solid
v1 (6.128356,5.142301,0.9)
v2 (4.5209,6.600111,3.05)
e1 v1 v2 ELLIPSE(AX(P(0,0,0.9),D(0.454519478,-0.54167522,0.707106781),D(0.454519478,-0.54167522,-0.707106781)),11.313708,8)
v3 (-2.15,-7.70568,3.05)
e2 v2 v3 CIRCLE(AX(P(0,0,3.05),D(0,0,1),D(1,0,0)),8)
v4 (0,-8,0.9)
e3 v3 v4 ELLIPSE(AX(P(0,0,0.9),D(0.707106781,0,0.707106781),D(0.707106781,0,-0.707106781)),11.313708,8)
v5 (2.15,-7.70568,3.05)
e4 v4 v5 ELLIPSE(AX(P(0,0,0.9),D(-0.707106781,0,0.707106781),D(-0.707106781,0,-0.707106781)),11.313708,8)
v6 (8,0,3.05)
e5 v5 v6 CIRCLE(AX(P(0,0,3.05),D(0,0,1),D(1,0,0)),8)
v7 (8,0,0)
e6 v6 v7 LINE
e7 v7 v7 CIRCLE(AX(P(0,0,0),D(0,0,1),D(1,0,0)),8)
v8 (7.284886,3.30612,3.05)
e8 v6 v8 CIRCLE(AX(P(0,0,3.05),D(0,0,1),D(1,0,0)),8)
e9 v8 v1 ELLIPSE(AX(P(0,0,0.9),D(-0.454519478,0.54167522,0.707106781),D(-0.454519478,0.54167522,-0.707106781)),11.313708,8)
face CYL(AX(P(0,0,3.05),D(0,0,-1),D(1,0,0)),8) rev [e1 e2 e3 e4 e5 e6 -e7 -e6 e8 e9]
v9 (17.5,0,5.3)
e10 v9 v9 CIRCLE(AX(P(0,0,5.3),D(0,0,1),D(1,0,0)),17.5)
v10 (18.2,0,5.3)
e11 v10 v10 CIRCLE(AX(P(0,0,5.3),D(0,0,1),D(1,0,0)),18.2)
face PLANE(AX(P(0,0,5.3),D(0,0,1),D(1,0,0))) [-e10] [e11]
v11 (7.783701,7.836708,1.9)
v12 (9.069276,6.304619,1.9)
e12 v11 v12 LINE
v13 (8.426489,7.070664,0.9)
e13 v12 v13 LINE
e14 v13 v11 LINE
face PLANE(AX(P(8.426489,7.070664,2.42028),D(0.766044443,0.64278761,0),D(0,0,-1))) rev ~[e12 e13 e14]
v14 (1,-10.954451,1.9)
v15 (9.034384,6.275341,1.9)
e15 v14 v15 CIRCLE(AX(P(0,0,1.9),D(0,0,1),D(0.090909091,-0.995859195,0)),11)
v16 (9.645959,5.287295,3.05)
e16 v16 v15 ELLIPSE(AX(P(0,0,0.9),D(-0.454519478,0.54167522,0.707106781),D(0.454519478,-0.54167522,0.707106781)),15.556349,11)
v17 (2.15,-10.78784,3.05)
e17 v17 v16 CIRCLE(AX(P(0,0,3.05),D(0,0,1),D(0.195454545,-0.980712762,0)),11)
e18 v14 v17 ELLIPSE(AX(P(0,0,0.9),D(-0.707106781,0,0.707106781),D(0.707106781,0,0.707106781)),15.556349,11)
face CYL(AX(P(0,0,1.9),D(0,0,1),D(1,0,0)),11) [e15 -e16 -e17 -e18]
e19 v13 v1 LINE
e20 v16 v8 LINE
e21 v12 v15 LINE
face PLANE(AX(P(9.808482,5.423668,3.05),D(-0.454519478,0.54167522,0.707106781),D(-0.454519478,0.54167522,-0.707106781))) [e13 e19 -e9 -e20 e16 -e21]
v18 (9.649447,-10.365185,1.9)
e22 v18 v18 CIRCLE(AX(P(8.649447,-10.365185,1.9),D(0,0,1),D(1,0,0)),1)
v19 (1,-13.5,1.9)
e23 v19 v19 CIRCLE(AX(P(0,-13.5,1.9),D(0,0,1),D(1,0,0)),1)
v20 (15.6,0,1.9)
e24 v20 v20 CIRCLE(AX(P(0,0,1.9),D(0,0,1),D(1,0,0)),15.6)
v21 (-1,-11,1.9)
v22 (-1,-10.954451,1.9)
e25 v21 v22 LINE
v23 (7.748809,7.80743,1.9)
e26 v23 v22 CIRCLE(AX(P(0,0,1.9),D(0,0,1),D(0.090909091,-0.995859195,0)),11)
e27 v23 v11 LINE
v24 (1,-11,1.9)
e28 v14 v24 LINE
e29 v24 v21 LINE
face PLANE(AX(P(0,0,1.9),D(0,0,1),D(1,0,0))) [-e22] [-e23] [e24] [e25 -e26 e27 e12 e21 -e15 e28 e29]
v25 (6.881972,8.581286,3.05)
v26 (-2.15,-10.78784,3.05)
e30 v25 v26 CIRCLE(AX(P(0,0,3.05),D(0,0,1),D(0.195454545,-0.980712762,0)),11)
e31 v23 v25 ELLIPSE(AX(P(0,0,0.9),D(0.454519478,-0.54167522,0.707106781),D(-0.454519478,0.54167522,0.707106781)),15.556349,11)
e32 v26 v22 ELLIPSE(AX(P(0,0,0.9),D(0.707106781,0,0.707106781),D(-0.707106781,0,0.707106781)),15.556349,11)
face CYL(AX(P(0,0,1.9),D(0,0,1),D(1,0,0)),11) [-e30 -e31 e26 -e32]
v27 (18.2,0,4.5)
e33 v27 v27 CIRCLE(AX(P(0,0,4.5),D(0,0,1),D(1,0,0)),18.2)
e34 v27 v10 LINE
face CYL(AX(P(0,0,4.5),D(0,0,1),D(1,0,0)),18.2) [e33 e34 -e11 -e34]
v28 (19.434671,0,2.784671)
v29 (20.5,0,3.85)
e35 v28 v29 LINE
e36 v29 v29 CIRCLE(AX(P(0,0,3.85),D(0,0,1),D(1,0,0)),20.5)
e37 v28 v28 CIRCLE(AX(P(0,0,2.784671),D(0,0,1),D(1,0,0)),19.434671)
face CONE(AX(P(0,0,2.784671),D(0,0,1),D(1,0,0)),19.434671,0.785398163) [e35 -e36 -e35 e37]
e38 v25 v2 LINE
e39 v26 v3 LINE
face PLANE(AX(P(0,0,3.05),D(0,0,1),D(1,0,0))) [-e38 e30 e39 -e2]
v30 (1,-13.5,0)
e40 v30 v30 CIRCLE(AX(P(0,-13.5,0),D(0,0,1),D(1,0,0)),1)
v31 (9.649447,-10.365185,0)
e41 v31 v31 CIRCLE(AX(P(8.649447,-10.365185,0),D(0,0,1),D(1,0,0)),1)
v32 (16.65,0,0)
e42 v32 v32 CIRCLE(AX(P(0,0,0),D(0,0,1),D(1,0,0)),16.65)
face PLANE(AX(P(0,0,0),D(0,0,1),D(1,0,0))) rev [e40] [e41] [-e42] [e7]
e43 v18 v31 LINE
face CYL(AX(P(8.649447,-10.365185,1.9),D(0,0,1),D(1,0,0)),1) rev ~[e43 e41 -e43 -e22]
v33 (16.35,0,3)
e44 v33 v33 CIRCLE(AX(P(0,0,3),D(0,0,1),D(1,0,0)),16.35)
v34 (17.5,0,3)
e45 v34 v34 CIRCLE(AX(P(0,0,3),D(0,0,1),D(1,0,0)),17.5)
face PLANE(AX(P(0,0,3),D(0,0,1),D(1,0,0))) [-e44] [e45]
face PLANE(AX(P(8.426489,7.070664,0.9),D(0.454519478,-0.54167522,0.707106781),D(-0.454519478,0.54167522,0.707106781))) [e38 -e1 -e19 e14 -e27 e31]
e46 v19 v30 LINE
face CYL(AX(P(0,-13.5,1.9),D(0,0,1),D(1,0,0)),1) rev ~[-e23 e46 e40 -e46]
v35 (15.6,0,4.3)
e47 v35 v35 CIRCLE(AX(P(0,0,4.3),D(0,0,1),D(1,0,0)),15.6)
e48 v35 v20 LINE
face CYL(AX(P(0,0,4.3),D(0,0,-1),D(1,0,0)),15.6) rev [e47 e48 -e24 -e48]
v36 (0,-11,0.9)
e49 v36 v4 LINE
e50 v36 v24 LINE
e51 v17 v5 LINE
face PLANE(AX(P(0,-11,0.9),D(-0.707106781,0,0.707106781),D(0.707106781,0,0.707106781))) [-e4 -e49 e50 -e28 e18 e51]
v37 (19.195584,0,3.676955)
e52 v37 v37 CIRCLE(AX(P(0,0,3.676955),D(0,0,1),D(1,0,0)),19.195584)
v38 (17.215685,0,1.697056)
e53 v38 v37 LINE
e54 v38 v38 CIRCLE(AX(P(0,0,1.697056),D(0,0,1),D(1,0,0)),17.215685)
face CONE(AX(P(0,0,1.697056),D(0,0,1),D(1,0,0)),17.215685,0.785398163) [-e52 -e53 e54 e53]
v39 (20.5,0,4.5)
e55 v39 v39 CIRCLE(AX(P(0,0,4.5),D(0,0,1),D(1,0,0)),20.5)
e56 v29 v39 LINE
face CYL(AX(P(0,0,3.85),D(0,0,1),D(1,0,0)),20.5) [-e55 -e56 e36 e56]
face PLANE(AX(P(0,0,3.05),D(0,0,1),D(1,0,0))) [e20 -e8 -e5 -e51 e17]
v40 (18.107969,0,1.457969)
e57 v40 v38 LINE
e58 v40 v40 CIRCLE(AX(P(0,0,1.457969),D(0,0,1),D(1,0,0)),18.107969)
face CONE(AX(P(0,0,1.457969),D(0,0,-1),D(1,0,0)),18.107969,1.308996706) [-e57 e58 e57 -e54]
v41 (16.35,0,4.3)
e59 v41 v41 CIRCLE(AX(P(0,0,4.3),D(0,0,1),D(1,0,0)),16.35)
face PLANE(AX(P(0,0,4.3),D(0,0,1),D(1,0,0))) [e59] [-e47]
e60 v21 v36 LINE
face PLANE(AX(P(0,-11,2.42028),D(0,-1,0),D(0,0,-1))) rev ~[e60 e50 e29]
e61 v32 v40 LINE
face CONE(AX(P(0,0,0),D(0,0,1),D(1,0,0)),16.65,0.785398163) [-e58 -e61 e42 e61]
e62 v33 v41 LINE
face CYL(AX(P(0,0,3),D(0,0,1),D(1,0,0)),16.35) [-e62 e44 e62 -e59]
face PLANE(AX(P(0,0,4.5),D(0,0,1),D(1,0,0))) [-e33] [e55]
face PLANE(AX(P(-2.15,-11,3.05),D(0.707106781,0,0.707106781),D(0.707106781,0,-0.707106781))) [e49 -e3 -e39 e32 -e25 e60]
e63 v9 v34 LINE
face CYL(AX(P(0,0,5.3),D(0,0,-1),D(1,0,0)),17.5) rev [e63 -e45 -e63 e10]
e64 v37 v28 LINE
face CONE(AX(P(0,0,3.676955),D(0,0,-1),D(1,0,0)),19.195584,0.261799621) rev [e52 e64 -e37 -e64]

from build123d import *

# Parameters (mm, degrees)
F5_COUNT = 2
F5_ANGLE = 130
F7_R     = 1
F8_DEPTH = 1.901


with BuildPart() as f1:
    # F0 (on Front) → F1 (revolve)
    with BuildSketch(Plane.XZ):
        Polygon((8, 3.05), (8, 0), (16.65, 0), (18.107969, 1.457969), (17.215685, 1.697056), (19.195584, 3.676955), (19.434671, 2.784671), (20.5, 3.85), (20.5, 4.5), (18.2, 4.5), (18.2, 5.3), (17.5, 5.3), (17.5, 3), (16.35, 3), (16.35, 4.3), (15.6, 4.3), (15.6, 1.9), (11, 1.9), (11, 3.05), align=None)
    revolve(axis=Axis((0, 0, 2.65), (0, 0, 1)))


with BuildPart() as f4:
    # F4: sweep along a path in F3
    with BuildLine(Plane.XY.offset(3.05)) as f4_path:
        Line((0, -11), (0, 0))
    # F2 (on Front) → F4 (sweep)
    with BuildSketch(Plane.XZ):
        Polygon((-2.15, 3.05), (0, 0.9), (2.15, 3.05), align=None)
    sweep(path=f4_path.line)


with BuildPart() as f5_1:
    # F5: instance of F4
    add(f4.part.rotate(Axis((0, 0, 2.65), (0, 0, 1)), 1 * F5_ANGLE / (F5_COUNT - 1)))


with BuildPart() as f1_1:
    add(f1.part)

    # F6: cut F4, F5_1
    add(f4.part, mode=Mode.SUBTRACT)
    add(f5_1.part, mode=Mode.SUBTRACT)

    # F7 (on face) → F8 (cut, through all)
    with BuildSketch(Plane.XY.offset(1.9)):
        with Locations((0, -13.5)):
            Circle(F7_R)
        with Locations((8.649447, -10.365185)):
            Circle(F7_R)
    extrude(amount=-F8_DEPTH, mode=Mode.SUBTRACT)


solid = f1_1.part
